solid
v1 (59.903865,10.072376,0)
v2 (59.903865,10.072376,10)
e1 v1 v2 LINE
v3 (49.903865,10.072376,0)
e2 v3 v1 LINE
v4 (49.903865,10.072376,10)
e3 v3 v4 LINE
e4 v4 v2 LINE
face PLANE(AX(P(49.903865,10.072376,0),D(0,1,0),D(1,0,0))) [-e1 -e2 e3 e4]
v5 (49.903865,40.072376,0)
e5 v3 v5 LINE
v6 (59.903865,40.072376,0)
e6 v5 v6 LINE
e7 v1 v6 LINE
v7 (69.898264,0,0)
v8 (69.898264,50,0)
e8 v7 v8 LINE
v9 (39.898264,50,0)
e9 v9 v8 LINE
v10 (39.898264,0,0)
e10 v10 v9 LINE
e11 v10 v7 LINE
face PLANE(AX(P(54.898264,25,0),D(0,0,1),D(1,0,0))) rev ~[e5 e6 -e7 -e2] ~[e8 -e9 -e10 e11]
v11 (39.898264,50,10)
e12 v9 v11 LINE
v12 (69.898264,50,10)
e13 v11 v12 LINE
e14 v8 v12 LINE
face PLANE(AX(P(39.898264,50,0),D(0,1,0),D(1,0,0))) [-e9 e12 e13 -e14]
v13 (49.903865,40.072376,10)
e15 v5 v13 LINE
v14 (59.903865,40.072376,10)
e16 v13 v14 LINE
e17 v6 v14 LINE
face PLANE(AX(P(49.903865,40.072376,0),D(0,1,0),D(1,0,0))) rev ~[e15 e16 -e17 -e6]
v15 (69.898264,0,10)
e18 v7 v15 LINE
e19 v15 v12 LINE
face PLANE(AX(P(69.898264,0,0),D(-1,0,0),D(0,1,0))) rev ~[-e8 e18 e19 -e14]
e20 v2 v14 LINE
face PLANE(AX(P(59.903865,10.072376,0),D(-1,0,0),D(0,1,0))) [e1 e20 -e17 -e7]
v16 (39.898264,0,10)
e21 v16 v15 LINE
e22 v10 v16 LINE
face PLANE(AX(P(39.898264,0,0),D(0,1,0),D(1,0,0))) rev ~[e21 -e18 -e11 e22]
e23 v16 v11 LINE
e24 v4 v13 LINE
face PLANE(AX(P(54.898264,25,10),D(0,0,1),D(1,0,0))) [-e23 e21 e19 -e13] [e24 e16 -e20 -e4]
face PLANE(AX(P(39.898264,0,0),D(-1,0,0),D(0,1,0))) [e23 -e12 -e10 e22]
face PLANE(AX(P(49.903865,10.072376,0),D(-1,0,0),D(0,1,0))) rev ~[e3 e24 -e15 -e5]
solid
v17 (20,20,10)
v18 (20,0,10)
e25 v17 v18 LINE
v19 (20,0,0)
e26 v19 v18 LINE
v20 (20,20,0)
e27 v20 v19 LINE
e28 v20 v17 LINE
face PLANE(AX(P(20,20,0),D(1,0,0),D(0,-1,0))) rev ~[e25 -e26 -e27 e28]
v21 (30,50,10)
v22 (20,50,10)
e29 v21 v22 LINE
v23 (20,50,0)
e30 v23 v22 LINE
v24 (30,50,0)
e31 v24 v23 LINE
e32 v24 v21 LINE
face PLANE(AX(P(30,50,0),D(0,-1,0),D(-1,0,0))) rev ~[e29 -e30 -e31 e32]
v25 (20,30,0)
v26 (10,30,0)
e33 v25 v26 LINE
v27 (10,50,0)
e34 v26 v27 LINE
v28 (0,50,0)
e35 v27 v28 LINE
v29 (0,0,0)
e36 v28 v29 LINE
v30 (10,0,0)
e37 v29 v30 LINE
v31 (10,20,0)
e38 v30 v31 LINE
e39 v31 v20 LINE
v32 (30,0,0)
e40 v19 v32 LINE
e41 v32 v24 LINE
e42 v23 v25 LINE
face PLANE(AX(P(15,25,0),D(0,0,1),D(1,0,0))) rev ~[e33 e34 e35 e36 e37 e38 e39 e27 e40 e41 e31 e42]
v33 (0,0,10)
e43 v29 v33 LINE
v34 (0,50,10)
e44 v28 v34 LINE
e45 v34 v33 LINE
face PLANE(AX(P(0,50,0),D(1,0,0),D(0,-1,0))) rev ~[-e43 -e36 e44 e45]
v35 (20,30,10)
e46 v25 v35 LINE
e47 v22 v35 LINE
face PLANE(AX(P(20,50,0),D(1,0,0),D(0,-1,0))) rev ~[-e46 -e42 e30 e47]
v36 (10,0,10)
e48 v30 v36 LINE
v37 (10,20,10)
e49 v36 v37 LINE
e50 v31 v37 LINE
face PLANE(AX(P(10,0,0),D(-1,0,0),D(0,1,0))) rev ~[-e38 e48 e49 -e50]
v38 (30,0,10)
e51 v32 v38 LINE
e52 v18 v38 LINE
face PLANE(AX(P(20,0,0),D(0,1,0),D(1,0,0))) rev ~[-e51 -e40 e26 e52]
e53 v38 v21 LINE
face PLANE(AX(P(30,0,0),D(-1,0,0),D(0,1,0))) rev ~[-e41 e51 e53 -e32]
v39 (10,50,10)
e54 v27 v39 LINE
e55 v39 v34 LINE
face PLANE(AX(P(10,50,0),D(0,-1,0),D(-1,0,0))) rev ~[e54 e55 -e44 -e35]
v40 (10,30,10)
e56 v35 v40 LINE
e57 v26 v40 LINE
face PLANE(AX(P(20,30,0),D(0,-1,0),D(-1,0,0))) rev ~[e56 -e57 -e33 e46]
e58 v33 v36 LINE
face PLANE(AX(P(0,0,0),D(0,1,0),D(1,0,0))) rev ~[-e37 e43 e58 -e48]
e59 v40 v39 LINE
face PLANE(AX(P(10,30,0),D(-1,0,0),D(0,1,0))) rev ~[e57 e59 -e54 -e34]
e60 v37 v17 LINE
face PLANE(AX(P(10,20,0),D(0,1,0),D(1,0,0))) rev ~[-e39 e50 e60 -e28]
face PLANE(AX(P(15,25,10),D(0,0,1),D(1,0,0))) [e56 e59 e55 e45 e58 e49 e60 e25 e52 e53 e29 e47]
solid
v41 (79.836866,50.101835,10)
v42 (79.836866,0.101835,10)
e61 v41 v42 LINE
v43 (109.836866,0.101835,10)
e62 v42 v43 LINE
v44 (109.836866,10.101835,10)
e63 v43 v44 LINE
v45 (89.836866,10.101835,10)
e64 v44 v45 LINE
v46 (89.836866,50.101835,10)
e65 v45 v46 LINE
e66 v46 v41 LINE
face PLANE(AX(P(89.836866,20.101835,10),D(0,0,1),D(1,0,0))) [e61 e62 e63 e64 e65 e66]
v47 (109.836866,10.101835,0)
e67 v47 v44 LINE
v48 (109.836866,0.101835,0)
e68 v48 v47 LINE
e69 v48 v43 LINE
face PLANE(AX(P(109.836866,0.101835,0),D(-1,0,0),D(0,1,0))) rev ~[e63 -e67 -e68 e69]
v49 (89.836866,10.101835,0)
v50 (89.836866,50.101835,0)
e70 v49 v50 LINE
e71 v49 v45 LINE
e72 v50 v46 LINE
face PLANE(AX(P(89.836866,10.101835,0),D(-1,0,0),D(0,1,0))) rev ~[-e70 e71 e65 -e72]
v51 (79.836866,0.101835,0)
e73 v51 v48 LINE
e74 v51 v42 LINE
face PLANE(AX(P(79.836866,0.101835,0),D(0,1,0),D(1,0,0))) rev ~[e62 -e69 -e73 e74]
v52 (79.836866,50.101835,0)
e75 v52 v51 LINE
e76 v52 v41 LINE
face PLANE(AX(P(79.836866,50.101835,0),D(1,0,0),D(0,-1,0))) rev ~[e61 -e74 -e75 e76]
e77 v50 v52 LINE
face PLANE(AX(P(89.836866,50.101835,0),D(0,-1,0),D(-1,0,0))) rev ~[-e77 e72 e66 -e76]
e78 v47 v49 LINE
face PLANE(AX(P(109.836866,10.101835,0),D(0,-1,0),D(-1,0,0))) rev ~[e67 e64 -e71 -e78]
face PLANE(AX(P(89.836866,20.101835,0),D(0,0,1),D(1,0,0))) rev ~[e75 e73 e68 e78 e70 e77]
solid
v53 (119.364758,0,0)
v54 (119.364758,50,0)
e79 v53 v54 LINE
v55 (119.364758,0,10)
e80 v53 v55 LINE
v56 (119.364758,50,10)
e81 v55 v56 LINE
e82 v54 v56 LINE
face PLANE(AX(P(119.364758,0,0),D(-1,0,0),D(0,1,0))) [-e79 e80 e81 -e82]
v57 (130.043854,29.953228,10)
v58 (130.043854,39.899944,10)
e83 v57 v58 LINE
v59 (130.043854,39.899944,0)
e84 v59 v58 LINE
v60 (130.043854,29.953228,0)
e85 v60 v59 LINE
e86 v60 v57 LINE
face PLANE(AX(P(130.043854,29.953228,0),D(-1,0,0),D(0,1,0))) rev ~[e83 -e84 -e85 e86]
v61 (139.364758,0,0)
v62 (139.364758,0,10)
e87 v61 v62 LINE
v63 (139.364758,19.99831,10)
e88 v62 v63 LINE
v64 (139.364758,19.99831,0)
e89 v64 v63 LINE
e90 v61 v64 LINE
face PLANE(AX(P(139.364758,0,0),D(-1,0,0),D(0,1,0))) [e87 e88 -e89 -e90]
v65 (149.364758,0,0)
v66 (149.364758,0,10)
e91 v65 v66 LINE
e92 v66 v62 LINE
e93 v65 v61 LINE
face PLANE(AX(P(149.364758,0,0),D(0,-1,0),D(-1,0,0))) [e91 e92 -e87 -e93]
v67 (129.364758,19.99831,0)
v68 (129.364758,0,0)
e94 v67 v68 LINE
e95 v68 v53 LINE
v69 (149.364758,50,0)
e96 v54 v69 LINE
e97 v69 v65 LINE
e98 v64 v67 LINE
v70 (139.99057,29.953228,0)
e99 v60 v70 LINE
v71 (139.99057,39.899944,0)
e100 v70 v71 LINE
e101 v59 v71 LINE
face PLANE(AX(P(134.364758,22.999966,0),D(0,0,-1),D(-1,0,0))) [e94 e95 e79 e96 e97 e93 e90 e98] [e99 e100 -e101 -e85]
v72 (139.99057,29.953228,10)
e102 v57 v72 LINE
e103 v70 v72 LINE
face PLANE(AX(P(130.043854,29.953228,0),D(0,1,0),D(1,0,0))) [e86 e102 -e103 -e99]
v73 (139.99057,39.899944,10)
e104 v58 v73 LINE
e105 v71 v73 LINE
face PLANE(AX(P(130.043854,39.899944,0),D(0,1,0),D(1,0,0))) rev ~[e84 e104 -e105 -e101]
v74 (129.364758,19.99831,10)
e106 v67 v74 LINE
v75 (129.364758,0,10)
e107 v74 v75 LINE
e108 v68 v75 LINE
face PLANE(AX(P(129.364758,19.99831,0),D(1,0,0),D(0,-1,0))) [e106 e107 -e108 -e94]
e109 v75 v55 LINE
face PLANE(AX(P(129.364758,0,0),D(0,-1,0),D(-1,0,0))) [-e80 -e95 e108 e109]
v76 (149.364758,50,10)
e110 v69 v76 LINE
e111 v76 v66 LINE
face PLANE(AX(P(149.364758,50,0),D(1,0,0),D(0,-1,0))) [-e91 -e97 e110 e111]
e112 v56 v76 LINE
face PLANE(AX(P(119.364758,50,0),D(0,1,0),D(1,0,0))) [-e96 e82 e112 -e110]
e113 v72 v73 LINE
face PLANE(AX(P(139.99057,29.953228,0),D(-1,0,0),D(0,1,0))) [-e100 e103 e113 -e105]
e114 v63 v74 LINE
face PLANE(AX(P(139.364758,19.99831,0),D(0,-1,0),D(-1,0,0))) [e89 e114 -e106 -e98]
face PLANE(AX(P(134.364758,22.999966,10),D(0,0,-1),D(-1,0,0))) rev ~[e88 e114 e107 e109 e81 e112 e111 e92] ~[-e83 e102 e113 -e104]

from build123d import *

# Parameters (mm, degrees)
PAD001_DEPTH  = 10
SKETCH005_W   = 30
SKETCH005_H   = 50
SKETCH005_W_2 = 10
SKETCH005_H_2 = 30
PAD_DEPTH     = 10
PAD002_DEPTH  = 10
SKETCH012_W   = 9.946716
SKETCH012_H   = 9.946716
PAD003_DEPTH  = 10


with BuildPart() as body:
    # Sketch → Pad001 (new body)
    with BuildSketch(Plane.XY):
        Polygon((0, 50), (0, 0), (10, 0), (10, 20), (20, 20), (20, 0), (30, 0), (30, 50), (20, 50), (20, 30), (10, 30), (10, 50), align=None)
    extrude(amount=PAD001_DEPTH)


with BuildPart() as body001:
    # Sketch005 → Pad (new body)
    with BuildSketch(Plane.XY):
        with Locations((54.898264, 25)):
            Rectangle(SKETCH005_W, SKETCH005_H)
        with Locations((54.903865, 25.072376)):
            Rectangle(SKETCH005_W_2, SKETCH005_H_2, mode=Mode.SUBTRACT)
    extrude(amount=PAD_DEPTH)


with BuildPart() as body002:
    # Sketch008 → Pad002 (new body)
    with BuildSketch(Plane.XY):
        Polygon((79.836866, 50.101835), (79.836866, 0.101835), (109.836866, 0.101835), (109.836866, 10.101835), (89.836866, 10.101835), (89.836866, 50.101835), align=None)
    extrude(amount=PAD002_DEPTH)


with BuildPart() as body003:
    # Sketch012 → Pad003 (new body)
    with BuildSketch(Plane.XY):
        Polygon((119.364758, 0), (119.364758, 50), (149.364758, 50), (149.364758, 0), (139.364758, 0), (139.364758, 19.99831), (129.364758, 19.99831), (129.364758, 0), align=None)
        with Locations((135.017212, 34.926586)):
            Rectangle(SKETCH012_W, SKETCH012_H, mode=Mode.SUBTRACT)
    extrude(amount=PAD003_DEPTH)


solid = Compound([body.part, body001.part, body002.part, body003.part])
